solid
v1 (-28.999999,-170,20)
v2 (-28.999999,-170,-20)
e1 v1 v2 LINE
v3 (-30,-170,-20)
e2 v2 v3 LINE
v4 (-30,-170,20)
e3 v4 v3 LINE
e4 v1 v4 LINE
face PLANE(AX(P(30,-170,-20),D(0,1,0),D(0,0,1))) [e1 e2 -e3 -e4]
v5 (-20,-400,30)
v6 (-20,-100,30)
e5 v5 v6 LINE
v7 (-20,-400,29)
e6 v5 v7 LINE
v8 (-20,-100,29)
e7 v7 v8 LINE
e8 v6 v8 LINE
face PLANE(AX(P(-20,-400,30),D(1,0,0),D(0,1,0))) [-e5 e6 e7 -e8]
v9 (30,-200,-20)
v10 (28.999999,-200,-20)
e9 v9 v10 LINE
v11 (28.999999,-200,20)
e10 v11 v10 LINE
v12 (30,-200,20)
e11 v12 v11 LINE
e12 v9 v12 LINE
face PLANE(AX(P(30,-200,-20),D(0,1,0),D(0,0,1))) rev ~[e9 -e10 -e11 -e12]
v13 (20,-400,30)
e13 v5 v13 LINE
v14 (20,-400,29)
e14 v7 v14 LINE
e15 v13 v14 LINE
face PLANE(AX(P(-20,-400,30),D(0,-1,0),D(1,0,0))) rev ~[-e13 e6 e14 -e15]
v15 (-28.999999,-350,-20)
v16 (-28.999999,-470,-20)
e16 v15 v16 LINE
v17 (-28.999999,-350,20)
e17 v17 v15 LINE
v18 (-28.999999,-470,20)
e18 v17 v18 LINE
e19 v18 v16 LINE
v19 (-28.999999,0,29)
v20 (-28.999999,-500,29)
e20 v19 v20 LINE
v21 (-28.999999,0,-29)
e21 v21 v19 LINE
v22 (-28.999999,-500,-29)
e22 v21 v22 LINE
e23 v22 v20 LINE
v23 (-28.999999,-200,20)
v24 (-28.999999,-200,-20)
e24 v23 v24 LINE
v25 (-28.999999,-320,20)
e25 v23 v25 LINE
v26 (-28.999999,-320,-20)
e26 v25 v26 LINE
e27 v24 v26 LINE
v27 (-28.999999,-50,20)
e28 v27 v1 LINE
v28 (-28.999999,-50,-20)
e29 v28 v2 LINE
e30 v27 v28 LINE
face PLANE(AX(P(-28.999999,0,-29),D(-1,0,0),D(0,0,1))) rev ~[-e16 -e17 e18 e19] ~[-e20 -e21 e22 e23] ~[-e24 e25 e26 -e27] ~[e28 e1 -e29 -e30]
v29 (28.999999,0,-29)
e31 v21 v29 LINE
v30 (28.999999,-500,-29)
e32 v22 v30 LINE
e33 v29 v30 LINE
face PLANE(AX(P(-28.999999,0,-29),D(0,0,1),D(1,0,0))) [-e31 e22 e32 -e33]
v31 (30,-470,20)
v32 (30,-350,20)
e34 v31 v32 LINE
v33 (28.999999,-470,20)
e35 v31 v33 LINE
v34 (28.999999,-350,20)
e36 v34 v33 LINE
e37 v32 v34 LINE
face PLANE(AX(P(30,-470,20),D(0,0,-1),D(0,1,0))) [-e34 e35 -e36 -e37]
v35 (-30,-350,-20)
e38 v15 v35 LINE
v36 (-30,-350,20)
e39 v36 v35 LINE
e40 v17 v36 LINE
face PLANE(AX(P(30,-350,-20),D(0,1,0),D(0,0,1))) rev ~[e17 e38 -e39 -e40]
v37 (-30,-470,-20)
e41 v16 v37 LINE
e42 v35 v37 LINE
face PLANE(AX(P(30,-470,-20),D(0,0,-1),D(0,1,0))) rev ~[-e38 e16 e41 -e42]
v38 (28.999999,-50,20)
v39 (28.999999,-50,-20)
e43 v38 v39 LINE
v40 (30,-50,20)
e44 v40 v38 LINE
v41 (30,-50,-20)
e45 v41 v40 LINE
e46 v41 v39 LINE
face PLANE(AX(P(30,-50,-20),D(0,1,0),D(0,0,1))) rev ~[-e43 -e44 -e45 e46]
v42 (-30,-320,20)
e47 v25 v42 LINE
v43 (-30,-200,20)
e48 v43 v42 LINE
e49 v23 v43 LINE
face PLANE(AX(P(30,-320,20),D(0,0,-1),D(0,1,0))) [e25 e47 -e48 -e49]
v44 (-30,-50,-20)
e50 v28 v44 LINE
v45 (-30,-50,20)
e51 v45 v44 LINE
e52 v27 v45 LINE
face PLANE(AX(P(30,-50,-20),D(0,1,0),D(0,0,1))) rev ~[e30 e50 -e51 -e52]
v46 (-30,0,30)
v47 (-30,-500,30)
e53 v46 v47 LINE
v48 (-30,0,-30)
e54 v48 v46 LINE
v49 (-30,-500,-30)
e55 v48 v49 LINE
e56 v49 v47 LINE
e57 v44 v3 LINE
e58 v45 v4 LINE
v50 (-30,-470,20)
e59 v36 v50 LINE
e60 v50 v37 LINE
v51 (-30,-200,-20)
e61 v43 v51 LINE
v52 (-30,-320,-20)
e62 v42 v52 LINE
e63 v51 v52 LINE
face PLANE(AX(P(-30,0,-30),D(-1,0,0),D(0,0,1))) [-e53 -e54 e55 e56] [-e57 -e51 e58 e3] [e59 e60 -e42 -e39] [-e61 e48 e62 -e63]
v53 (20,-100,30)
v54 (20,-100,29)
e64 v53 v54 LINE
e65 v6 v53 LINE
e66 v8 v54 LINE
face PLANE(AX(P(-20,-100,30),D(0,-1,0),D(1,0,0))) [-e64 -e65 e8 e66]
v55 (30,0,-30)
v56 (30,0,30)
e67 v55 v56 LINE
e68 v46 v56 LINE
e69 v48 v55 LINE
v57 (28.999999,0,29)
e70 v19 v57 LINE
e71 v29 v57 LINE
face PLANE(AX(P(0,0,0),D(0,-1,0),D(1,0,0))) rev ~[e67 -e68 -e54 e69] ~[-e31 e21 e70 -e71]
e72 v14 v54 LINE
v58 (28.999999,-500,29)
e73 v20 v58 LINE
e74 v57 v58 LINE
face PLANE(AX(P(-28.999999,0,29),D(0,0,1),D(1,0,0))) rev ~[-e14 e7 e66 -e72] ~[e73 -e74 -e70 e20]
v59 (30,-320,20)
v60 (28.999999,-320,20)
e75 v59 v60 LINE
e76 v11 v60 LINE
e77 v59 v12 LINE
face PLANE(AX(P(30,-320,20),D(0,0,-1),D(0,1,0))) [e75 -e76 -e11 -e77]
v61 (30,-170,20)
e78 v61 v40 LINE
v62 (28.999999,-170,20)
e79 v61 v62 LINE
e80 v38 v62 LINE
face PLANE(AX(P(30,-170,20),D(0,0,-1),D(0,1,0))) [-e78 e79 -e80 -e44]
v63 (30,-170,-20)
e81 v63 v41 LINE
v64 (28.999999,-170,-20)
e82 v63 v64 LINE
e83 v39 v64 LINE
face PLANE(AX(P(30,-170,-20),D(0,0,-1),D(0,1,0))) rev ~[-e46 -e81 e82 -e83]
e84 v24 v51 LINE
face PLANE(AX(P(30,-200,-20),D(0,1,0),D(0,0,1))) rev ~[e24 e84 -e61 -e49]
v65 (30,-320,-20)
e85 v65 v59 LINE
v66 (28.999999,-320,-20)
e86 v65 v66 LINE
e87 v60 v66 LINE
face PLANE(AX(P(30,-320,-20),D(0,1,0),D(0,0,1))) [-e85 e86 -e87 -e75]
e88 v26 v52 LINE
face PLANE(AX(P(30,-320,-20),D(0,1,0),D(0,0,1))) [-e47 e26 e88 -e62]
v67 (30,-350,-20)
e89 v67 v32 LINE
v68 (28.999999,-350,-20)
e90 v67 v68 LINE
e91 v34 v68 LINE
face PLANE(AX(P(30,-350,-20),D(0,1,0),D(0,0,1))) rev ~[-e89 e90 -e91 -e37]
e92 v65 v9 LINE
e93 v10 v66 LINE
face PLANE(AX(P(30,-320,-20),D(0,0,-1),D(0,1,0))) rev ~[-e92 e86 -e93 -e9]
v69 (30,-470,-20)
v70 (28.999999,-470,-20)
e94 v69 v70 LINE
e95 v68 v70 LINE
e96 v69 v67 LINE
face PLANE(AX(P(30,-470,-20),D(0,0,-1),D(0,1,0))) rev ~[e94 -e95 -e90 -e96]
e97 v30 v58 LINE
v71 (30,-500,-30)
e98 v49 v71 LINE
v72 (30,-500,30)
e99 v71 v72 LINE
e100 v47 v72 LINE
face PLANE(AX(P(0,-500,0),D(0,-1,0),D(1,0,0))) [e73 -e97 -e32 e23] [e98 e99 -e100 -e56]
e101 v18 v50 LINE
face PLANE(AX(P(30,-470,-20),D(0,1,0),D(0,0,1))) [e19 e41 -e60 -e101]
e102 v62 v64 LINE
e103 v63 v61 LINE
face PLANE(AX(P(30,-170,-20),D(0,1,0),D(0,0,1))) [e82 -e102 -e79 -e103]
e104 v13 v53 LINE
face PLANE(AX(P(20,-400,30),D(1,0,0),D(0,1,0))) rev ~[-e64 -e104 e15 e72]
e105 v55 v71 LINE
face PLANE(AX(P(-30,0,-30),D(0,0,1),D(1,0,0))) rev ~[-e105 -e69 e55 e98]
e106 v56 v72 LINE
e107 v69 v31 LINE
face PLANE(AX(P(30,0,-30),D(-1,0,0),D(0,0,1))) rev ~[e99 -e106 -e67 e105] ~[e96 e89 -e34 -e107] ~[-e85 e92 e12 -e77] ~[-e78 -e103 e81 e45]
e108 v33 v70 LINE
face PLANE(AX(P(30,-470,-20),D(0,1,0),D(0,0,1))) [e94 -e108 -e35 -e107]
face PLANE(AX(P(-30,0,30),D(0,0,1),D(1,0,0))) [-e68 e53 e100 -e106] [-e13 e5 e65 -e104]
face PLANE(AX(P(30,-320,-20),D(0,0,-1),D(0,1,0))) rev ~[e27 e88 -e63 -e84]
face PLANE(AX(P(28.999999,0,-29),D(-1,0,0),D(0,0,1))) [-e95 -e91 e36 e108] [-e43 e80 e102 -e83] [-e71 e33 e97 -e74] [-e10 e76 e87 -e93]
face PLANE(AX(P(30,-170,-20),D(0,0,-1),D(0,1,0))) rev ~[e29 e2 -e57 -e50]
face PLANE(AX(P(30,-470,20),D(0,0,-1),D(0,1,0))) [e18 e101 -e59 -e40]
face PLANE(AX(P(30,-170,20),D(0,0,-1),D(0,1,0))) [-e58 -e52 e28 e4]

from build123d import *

# Parameters (mm, degrees)
F0_W     = 60
F0_H     = 60
F0_W_2   = 57.999998
F0_H_2   = 58
F1_DEPTH = 500
F2_W     = 120
F2_H     = 40
F3_DEPTH = 150
F4_W     = 40
F4_H     = 300
F5_DEPTH = 25


with BuildPart() as f1:
    # F0 (on Front) → F1 (new body)
    with BuildSketch(Plane.XZ):
        Rectangle(F0_W, F0_H)
        Rectangle(F0_W_2, F0_H_2, mode=Mode.SUBTRACT)
    extrude(amount=F1_DEPTH)

    # F2 (on face) → F3 (cut)
    with BuildSketch(Plane.YZ.offset(30)):
        with Locations((-410, 0)):
            Rectangle(F2_W, F2_H)
        with Locations((-260, 0)):
            Rectangle(F2_W, F2_H)
        with Locations((-110, 0)):
            Rectangle(F2_W, F2_H)
    extrude(amount=-F3_DEPTH, mode=Mode.SUBTRACT)

    # F4 (on face) → F5 (cut)
    with BuildSketch(Plane.XY.offset(30)):
        with Locations((0, -250)):
            Rectangle(F4_W, F4_H)
    extrude(amount=-F5_DEPTH, mode=Mode.SUBTRACT)


solid = f1.part
